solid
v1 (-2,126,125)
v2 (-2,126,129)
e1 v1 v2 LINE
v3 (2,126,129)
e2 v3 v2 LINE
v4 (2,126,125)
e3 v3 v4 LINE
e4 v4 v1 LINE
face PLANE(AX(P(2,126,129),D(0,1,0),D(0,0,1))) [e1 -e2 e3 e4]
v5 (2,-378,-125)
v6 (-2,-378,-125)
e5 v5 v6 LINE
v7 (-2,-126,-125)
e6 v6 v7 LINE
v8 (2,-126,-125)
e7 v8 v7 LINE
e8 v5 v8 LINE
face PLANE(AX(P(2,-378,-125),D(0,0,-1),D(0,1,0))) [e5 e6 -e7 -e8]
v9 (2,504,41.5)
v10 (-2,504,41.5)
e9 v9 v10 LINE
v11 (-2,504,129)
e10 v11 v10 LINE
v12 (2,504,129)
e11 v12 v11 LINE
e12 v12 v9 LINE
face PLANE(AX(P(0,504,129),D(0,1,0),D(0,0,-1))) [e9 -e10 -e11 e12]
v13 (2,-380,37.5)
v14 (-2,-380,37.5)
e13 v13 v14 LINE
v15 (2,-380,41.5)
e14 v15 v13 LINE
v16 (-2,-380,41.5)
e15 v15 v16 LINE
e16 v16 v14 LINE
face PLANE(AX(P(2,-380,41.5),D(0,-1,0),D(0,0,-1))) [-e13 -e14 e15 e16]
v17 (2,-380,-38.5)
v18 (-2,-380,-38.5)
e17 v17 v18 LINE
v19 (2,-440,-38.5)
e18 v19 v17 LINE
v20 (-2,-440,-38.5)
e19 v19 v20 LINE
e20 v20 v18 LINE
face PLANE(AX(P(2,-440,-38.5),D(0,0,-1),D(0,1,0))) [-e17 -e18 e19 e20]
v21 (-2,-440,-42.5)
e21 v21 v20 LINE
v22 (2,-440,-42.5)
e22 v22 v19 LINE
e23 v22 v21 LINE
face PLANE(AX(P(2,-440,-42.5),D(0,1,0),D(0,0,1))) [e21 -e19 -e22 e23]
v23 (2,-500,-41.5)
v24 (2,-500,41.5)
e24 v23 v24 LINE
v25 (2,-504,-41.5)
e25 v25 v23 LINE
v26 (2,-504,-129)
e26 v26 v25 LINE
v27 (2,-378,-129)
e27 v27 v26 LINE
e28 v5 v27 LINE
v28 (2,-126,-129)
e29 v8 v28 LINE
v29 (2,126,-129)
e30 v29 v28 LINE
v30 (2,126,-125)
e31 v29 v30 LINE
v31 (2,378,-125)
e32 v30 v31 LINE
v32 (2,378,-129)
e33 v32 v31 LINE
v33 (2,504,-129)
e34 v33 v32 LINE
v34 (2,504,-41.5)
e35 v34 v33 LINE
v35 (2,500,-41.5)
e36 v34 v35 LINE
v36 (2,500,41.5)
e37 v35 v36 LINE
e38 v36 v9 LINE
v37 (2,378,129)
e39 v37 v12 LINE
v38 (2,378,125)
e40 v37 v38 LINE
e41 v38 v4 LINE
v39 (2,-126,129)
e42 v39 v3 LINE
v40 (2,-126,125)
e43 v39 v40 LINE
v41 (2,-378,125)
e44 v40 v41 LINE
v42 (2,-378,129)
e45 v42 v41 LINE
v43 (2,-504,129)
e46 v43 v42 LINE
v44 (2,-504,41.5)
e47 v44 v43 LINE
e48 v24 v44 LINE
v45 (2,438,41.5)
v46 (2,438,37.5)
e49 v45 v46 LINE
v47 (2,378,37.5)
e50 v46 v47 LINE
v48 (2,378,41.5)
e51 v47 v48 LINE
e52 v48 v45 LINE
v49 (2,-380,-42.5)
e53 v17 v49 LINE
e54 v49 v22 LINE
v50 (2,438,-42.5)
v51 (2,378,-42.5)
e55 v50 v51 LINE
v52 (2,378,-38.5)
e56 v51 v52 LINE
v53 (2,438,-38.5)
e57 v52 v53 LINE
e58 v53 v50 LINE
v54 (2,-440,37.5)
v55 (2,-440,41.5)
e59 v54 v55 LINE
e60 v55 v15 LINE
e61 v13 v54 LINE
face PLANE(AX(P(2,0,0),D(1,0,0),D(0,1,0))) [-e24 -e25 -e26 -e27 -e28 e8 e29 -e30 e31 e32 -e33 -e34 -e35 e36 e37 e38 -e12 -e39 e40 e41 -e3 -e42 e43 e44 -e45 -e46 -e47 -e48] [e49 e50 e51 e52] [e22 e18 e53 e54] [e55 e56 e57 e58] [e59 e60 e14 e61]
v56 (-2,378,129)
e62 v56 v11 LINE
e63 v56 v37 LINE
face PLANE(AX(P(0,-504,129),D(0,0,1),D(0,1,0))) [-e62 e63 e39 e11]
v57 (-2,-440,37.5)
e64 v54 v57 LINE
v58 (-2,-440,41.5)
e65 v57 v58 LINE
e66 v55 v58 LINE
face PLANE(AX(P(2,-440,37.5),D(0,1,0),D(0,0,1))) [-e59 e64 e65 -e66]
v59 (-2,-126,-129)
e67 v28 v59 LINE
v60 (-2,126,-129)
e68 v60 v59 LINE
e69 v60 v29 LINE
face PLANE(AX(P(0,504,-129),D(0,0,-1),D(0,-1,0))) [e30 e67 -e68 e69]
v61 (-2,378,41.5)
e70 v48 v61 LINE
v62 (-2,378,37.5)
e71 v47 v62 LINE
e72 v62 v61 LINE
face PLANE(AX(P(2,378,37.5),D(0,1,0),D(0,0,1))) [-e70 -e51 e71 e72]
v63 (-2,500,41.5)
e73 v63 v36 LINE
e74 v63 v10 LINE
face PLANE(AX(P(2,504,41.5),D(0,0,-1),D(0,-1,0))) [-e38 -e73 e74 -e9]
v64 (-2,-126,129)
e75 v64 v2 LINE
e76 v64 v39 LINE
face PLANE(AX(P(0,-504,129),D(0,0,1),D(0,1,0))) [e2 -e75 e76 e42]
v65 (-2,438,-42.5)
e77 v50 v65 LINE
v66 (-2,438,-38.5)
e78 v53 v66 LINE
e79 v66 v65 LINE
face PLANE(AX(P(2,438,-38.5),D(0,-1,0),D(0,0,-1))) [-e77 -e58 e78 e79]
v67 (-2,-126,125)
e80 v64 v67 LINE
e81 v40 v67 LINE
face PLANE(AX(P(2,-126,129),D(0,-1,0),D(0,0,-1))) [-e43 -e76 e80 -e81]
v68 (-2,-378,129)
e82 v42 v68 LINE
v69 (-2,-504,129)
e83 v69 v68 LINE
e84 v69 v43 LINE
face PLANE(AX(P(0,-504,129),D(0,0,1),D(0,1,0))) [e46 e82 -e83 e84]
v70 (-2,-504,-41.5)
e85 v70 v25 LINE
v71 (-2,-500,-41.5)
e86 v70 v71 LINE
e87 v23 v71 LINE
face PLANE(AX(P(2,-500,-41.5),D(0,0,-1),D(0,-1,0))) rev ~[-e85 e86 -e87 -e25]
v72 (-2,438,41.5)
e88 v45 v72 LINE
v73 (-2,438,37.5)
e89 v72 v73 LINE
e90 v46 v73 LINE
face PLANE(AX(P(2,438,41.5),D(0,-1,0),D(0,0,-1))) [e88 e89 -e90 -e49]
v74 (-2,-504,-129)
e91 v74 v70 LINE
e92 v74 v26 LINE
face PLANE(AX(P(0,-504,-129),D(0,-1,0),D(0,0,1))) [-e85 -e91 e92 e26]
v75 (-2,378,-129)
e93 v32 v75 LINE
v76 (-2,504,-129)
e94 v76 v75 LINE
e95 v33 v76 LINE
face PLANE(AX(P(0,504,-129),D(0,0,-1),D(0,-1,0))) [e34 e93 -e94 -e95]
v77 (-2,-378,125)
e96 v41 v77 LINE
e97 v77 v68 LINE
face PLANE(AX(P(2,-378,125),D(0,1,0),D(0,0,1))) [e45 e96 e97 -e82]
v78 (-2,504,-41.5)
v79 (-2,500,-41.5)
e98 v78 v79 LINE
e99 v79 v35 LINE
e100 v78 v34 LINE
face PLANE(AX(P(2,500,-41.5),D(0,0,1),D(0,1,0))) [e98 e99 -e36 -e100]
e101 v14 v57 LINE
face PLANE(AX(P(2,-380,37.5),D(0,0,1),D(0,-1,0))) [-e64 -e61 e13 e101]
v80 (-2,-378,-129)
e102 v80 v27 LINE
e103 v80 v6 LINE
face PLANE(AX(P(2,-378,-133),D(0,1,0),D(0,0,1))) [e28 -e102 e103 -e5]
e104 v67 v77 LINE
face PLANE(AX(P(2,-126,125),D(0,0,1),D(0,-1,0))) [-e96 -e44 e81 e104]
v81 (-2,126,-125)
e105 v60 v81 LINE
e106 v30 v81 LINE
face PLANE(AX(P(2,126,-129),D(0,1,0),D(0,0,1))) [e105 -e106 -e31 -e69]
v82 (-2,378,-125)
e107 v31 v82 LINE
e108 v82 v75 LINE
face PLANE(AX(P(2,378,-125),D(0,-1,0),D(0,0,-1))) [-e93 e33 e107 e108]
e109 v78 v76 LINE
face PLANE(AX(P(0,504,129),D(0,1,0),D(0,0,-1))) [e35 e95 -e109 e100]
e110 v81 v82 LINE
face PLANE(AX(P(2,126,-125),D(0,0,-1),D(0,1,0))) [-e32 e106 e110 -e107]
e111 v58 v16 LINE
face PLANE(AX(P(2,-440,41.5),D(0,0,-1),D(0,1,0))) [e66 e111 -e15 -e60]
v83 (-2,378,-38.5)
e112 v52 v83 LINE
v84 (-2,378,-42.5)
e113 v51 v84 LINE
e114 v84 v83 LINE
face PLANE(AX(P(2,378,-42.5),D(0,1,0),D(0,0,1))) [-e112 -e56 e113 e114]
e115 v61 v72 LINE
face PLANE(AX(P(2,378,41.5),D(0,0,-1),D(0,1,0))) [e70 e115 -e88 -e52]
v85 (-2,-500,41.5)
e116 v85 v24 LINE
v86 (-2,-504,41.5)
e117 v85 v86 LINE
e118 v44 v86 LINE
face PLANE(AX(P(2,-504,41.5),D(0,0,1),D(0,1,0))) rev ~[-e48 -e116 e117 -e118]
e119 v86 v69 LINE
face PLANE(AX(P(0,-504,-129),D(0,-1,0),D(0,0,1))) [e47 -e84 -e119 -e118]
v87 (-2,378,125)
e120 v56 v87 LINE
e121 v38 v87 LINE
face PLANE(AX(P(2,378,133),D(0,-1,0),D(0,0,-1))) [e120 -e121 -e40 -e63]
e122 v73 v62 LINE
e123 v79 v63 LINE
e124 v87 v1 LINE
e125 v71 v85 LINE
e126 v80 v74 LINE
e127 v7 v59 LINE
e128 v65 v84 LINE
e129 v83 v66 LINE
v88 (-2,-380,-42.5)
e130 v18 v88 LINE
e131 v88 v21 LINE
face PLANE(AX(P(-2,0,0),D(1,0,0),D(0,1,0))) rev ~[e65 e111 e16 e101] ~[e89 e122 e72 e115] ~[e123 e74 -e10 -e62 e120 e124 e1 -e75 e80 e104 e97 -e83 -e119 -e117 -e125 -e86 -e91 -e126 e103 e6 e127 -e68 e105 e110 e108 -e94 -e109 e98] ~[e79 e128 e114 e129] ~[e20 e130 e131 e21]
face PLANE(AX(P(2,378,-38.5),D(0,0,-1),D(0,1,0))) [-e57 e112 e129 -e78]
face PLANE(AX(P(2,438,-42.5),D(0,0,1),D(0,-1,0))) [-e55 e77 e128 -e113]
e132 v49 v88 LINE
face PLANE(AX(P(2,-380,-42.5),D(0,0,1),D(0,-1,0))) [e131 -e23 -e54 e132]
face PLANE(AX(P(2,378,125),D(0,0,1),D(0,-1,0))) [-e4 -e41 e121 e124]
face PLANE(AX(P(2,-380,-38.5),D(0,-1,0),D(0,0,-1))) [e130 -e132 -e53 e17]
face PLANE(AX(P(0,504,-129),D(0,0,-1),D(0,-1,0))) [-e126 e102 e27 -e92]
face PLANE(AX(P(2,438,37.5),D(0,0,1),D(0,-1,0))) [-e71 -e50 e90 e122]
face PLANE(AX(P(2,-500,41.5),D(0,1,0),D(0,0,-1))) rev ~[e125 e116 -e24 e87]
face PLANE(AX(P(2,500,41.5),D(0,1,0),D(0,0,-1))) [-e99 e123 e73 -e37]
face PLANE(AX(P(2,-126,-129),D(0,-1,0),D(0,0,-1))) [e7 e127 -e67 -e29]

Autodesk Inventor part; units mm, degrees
ref_plane "YZ Plane" through (0, 0, 0) normal (1, 0, 0) x (0, 1, 0)
ref_plane "XZ Plane" through (0, 0, 0) normal (0, 1, 0) x (-1, 0, 0)
ref_plane "XY Plane" through (0, 0, 0) normal (0, 0, 1) x (1, 0, 0)
sketch "Esboço1" plane through (0, 0, 0) normal (1, 0, 0) x (0, 1, 0)
  line L0 (-504, 129) -> (504, 129)
  line L1 (504, 129) -> (504, -129)
  line L2 (504, -129) -> (-504, -129)
  line L3 (-504, -129) -> (-504, 129)
  line L4 (-504, 129) -> (504, -129) construction
  line L5 (504, 129) -> (-504, -129) construction
  point P0 (0, 0)
  dimension "d0" = 1008
  dimension "d1" = 258
extrude "Extrusão1" add sketch "Esboço1" along normal mid plane 4
sketch "Esboço2" plane through (2, 0, 0) normal (1, 0, 0) x (0, 0, -1)
  line L0 (-133, 378) -> (-125, 378)
  line L1 (-125, 378) -> (-125, 126)
  line L2 (-125, 126) -> (-133, 126)
  line L3 (-133, 126) -> (-133, 378)
  line L4 (-129, 504) -> (-129, -504) projected
  line L5 (-133, 378) -> (-125, 126) construction
  line L6 (-125, 378) -> (-133, 126) construction
  line L7 (129, 504) -> (-129, 504) projected
  line L8 (-133, -126) -> (-125, -126)
  line L9 (-125, -126) -> (-125, -378)
  line L10 (-125, -378) -> (-133, -378)
  line L11 (-133, -378) -> (-133, -126)
  line L12 (-133, -126) -> (-125, -378) construction
  line L13 (-125, -126) -> (-133, -378) construction
  line L14 (-129, -504) -> (129, -504) projected
  line L15 (125, 378) -> (133, 378)
  line L16 (133, 378) -> (133, 126)
  line L17 (133, 126) -> (125, 126)
  line L18 (125, 126) -> (125, 378)
  line L19 (129, -504) -> (129, 504) projected
  line L20 (125, 378) -> (133, 126) construction
  line L21 (133, 378) -> (125, 126) construction
  line L22 (125, -126) -> (133, -126)
  line L23 (133, -126) -> (133, -378)
  line L24 (133, -378) -> (125, -378)
  line L25 (125, -378) -> (125, -126)
  line L26 (125, -126) -> (133, -378) construction
  line L27 (133, -126) -> (125, -378) construction
  point P0 (0, 0)
  point P1 (-129, 252)
  point P2 (-129, -252)
  point P3 (129, 252)
  point P4 (129, -252)
  dimension "d4" = 8
  dimension "d5" = 252
  dimension "d6" = 126
  dimension "d7" = 8
  dimension "d8" = 252
  dimension "d9" = 252
  dimension "d10" = 126
  dimension "d11" = 126
  dimension "d12" = 252
  dimension "d13" = 8
  dimension "d14" = 252
  dimension "d15" = 8
  dimension "d16" = 252
  dimension "d17" = 126
extrude "Extrusão2" cut sketch "Esboço2" along normal through all both and the other way through all contours L0 L4 L2 L3 | L0 L1 L2 L4 | L8 L9 L10 L4 | L4 L10 L11 L8 | L19 L17 L18 L15 | L15 L16 L17 L19 | L22 L23 L24 L19 | L19 L24 L25 L22
sketch "Esboço3" plane through (2, 0, 0) normal (1, 0, 0) x (0, 0, -1)
  line L0 (-41.5, 500) -> (41.5, 500)
  line L1 (41.5, 500) -> (41.5, 508)
  line L2 (41.5, 508) -> (-41.5, 508)
  line L3 (-41.5, 508) -> (-41.5, 500)
  line L4 (129, 504) -> (-129, 504) projected
  line L5 (-41.5, 500) -> (41.5, 508) construction
  line L6 (41.5, 500) -> (-41.5, 508) construction
  line L7 (-41.5, -500) -> (41.5, -500)
  line L8 (41.5, -500) -> (41.5, -508)
  line L9 (41.5, -508) -> (-41.5, -508)
  line L10 (-41.5, -508) -> (-41.5, -500)
  line L11 (-129, -504) -> (129, -504) projected
  line L12 (-41.5, -500) -> (41.5, -508) construction
  line L13 (41.5, -500) -> (-41.5, -508) construction
  point P0 (0, 0)
  point P1 (0, 504)
  point P2 (0, -504)
  dimension "d20" = 83
  dimension "d21" = 8
  dimension "d22" = 83
  dimension "d23" = 8
extrude "Extrusão3" cut sketch "Esboço3" along normal through all both and the other way through all
sketch "Esboço4" plane through (2, 0, 0) normal (1, 0, 0) x (0, 0, -1)
  line L0 (41.5, 500) -> (-41.5, 500) projected
  line L1 (-41.5, 438) -> (-37.5, 438)
  line L2 (-37.5, 438) -> (-37.5, 378)
  line L3 (-37.5, 378) -> (-41.5, 378)
  line L4 (-41.5, 378) -> (-41.5, 438)
  point P0 (0, 0)
  dimension "d26" = 62
  dimension "d27" = 4
  dimension "d28" = 60
extrude "Extrusão4" cut sketch "Esboço4" against normal through all
pattern_linear "Padrão retangular1" count 2 spacing 80 along (0, 0, -1) count 2 spacing 818 along (0, -1, 0) of "Extrusão4"
properties part number "FUNDO"
